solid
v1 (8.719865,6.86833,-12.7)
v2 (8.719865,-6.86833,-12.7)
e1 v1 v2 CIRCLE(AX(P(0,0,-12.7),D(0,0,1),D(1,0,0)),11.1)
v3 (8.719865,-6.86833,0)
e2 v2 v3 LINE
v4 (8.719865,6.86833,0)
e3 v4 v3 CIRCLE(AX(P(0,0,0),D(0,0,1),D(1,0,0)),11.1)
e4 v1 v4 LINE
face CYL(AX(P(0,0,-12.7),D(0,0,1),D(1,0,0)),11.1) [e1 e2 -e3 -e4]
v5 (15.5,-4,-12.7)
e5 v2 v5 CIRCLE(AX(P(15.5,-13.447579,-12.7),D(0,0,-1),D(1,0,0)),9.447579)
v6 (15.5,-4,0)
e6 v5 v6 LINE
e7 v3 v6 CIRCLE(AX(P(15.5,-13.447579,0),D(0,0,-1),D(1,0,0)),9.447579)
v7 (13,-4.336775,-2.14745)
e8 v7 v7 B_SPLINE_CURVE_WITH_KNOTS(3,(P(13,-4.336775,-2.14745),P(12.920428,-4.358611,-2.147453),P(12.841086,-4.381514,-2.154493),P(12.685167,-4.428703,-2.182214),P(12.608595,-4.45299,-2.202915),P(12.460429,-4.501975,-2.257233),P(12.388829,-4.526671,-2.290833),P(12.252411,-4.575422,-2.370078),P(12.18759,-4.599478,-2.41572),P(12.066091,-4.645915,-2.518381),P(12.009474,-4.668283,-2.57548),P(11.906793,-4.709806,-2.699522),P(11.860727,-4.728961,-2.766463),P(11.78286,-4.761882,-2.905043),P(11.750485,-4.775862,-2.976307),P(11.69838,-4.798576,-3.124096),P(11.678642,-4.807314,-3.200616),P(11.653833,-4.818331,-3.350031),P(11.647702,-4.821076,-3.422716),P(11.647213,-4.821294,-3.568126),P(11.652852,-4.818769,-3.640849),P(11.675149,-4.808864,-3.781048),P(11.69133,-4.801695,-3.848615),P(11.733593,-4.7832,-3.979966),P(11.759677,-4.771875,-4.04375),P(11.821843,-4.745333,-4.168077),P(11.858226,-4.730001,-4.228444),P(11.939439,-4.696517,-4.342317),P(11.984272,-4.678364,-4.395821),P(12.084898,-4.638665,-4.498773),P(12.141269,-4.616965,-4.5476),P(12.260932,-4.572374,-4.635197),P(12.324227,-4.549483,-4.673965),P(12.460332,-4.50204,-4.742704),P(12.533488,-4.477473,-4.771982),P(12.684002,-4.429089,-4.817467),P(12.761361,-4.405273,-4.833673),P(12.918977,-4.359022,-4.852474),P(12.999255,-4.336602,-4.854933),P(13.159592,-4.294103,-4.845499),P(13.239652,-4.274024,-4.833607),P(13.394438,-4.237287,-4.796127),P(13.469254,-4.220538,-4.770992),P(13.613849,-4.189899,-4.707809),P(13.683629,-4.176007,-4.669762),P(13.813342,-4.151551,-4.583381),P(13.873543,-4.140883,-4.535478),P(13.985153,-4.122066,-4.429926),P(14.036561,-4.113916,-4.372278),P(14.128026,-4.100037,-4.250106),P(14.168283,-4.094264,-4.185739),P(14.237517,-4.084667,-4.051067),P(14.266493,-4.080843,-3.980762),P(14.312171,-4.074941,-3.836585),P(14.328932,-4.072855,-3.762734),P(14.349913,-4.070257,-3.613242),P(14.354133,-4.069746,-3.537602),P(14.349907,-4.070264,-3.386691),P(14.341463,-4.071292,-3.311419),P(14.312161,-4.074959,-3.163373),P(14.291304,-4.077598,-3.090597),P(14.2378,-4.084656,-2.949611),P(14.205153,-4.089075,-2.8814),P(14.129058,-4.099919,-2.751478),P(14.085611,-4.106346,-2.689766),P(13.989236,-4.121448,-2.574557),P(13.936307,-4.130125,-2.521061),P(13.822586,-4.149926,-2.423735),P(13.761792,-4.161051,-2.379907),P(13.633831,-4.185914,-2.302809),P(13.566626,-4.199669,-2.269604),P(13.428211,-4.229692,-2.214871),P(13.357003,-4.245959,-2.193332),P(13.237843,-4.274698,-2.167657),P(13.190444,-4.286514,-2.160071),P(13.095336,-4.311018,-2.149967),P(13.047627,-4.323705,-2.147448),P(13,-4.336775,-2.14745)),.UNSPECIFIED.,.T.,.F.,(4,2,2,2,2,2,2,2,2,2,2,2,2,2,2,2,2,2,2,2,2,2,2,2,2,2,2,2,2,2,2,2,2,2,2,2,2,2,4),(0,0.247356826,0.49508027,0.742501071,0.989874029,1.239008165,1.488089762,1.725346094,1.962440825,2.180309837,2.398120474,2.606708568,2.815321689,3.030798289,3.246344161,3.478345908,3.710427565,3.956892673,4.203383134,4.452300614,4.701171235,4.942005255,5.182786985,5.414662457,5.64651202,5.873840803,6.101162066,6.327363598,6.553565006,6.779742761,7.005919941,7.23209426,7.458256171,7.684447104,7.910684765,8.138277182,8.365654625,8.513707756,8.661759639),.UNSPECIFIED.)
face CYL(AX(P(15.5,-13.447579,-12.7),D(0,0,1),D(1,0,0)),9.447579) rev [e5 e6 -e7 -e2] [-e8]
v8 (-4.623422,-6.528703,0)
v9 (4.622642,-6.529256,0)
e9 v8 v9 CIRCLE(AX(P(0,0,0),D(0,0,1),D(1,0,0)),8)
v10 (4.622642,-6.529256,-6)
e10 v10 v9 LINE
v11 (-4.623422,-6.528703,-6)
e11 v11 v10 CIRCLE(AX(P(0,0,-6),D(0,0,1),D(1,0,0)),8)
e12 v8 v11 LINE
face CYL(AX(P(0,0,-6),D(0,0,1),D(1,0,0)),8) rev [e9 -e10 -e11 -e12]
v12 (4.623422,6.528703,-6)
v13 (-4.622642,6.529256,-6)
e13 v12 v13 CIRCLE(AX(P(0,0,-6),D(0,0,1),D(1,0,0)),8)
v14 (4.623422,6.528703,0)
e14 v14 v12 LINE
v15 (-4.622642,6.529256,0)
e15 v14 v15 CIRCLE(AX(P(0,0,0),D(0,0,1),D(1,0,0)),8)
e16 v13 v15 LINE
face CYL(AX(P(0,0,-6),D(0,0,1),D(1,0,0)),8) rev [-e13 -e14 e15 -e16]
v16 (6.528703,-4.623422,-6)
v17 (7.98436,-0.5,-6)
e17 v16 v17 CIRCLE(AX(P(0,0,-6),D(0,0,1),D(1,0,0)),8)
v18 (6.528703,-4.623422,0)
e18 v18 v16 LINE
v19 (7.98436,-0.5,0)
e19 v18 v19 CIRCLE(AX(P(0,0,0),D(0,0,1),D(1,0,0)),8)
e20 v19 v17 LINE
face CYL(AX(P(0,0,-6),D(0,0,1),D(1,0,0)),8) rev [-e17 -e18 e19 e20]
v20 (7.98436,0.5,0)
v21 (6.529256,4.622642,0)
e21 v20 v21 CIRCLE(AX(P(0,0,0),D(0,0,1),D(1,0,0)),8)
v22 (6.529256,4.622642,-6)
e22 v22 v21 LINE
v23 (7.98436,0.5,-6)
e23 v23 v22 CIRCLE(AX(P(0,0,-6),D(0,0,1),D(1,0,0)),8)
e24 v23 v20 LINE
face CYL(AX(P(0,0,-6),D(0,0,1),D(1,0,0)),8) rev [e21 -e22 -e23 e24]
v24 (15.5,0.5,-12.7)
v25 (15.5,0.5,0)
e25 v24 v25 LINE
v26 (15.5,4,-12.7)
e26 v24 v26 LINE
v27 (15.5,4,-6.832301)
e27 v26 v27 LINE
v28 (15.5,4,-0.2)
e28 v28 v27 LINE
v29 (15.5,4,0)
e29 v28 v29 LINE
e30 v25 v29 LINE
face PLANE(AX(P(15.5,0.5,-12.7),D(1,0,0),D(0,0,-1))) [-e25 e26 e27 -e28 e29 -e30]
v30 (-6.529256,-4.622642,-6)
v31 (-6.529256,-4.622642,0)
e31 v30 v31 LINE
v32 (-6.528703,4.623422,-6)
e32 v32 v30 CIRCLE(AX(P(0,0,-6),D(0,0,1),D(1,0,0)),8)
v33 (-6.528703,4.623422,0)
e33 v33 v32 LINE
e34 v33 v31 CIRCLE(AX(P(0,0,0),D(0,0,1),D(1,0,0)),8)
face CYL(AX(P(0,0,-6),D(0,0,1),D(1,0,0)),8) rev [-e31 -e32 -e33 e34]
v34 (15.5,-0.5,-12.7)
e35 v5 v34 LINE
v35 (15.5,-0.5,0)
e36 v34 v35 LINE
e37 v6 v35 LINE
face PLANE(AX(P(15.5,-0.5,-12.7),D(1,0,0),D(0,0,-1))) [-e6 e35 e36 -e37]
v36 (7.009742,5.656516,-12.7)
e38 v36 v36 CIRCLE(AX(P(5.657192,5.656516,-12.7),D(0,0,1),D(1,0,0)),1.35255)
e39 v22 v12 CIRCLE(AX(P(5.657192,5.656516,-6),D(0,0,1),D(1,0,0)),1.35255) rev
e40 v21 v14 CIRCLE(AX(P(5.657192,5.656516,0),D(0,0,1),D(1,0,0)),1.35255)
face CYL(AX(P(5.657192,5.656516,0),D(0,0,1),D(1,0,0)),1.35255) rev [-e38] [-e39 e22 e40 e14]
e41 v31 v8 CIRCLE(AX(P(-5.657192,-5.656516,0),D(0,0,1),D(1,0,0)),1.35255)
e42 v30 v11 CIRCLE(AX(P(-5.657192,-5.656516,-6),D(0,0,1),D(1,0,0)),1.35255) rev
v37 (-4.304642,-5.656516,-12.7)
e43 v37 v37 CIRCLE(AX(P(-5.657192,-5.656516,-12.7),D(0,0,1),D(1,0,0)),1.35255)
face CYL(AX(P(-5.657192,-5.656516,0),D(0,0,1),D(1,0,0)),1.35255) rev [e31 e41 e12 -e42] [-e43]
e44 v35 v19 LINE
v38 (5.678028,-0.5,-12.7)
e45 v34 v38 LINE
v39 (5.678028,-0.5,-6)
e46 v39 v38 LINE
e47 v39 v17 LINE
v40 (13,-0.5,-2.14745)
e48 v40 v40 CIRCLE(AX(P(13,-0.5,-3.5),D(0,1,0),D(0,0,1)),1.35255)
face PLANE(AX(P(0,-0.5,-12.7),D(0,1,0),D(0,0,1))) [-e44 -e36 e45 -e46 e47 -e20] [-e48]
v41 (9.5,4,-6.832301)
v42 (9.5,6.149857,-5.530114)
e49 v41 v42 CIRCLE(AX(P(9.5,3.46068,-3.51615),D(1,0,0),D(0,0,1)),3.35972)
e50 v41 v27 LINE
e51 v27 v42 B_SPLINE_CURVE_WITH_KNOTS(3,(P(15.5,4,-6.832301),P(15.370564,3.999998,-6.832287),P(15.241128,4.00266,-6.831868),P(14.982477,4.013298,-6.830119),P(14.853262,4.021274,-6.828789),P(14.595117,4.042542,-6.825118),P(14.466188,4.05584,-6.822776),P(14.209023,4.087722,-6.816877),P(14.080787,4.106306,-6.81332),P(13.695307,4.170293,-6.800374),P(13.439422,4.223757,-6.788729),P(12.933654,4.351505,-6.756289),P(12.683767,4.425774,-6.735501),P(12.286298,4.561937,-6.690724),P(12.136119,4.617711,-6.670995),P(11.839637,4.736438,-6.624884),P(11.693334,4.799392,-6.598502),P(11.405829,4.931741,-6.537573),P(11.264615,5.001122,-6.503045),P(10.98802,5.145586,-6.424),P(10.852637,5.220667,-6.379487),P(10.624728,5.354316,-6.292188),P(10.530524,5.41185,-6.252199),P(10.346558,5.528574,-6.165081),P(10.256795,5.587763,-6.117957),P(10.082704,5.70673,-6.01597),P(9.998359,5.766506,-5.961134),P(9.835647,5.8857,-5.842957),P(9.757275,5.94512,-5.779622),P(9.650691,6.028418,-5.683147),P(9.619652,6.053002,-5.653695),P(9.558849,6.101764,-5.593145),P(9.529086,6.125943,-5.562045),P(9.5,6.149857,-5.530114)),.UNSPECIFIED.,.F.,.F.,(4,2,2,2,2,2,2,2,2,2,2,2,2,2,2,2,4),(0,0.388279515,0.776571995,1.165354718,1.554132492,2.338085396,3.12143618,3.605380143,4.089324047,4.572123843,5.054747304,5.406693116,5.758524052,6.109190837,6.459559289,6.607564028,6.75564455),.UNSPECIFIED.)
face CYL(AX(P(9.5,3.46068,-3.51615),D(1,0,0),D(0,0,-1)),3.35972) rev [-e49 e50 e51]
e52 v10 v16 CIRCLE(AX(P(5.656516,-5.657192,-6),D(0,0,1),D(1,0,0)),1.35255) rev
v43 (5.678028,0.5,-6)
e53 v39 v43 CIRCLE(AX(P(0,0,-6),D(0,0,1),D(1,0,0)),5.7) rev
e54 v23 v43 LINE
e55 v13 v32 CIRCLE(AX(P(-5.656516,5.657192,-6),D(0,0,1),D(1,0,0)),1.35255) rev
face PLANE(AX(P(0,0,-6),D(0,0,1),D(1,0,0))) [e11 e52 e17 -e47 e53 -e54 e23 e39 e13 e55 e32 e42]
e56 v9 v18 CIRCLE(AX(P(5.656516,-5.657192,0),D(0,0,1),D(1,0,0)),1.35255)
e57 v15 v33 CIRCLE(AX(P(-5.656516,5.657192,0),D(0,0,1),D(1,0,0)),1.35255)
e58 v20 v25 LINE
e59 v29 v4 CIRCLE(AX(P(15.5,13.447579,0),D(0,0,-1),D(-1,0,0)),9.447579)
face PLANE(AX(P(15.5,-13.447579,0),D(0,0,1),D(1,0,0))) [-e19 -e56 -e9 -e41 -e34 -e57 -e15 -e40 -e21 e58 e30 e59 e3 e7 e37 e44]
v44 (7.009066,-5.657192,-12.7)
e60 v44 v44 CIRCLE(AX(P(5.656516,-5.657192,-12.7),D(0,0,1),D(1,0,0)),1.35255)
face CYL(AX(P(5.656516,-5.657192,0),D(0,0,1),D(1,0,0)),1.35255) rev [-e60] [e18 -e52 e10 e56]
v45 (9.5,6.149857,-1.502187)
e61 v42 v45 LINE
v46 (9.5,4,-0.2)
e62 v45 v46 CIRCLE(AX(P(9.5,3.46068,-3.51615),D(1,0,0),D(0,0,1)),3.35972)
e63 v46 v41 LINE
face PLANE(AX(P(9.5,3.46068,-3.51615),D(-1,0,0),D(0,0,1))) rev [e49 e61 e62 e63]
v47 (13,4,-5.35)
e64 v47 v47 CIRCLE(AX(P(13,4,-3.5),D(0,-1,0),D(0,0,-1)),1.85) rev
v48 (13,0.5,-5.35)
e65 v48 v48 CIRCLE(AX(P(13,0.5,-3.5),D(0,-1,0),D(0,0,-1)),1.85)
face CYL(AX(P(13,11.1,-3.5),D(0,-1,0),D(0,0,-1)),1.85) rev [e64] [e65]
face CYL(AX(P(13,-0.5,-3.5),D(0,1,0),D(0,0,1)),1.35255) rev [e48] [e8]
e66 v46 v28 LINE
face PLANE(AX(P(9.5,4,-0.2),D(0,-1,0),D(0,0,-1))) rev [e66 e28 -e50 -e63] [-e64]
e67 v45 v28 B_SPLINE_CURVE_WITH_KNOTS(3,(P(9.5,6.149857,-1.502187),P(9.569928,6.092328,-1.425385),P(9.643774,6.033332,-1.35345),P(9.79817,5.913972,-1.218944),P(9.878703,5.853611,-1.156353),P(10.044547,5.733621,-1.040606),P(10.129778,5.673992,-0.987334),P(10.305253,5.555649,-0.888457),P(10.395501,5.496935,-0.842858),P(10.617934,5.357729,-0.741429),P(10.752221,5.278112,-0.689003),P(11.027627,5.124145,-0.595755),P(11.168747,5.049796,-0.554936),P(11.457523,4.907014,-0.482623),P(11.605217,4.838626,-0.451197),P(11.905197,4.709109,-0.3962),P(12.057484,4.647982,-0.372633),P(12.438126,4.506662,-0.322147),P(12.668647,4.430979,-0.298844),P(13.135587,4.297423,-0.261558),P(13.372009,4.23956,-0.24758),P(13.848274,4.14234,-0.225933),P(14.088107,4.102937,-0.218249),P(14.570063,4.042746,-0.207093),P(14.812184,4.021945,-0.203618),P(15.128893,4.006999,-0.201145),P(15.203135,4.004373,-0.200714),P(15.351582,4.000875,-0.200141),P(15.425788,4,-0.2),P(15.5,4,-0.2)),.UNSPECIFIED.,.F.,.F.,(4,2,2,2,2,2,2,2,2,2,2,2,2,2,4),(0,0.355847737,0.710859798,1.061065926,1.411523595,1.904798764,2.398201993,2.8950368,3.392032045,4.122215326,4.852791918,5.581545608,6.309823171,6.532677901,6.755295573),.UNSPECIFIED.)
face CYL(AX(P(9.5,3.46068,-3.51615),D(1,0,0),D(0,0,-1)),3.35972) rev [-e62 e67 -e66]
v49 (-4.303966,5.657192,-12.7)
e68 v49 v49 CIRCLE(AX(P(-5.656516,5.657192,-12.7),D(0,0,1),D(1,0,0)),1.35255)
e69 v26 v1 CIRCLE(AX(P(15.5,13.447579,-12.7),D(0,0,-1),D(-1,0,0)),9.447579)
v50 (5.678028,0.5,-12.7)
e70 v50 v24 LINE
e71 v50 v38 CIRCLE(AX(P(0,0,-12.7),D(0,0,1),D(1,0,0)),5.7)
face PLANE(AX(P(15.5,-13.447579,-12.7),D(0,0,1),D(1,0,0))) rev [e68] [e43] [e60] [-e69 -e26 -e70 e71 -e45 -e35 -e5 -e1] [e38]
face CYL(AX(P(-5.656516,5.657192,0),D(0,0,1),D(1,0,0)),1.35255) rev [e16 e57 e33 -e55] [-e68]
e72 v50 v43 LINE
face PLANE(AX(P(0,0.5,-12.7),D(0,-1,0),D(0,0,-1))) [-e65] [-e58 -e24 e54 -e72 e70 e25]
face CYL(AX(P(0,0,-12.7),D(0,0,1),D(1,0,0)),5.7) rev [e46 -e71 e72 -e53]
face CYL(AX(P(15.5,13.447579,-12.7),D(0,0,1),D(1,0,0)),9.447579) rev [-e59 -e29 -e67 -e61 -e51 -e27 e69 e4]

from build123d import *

# Parameters (mm, degrees)
EXTRUDE1_DEPTH            = 12.7
F_6_32_TAPPED_HOLE3_D     = 2.7051
SKETCH14_R                = 1.85
CUT_EXTRUDE6_DEPTH        = 24.153833376
F_6_32_TAPPED_HOLE5_D     = 2.7051
F_6_32_TAPPED_HOLE5_DEPTH = 50.8
F_6_32_TAPPED_HOLE5_TIP   = 0.81269403
CUT_EXTRUDE26_DEPTH       = 6
SKETCH25_R                = 5.7
CUT_EXTRUDE27_DEPTH       = 23.907422501
SKETCH26_R                = 8
CUT_EXTRUDE28_DEPTH       = 6


with BuildPart() as part:
    # Sketch1 → Extrude1 (new body)
    with BuildSketch(Plane.XY):
        with BuildLine():
            Line((0, 0), (0, 0.5))
            Line((0, 0.5), (15.5, 0.5))
            Line((15.5, 0.5), (15.5, 4))
            ThreePointArc((15.5, 4), (11.819050527, 4.746581358), (8.719864541, 6.868330393))
            ThreePointArc((8.719864541, 6.868330393), (-11.1, 0), (8.719864541, -6.868330393))
            ThreePointArc((8.719864541, -6.868330393), (11.819050527, -4.746581358), (15.5, -4))
            Line((15.5, -4), (15.5, -0.5))
            Line((15.5, -0.5), (0, -0.5))
            Line((0, -0.5), (0, 0))
        make_face()
    extrude(amount=-EXTRUDE1_DEPTH)

    # #6-32 Tapped Hole3 (through all)
    with Locations(Plane(origin=(-5.656516225, 5.657192254, 0), x_dir=(1, 0, 0), z_dir=(0, 0, 1))):
        with Locations((0, 0), (11.313708479, -0.000676029), (11.31303245, -11.314384508), (-0.000676029, -11.313708479)):
            Hole(F_6_32_TAPPED_HOLE3_D / 2)

    # Sketch14 → Cut-Extrude6 (cut, through all)
    with BuildSketch(Plane.XZ.offset(-0.5)):
        with Locations(Location((13, -3.5, 0), (0, 0, 270))):
            Circle(SKETCH14_R)
    extrude(amount=-CUT_EXTRUDE6_DEPTH, mode=Mode.SUBTRACT)

    # #6-32 Tapped Hole5
    with Locations(Plane(origin=(0, -0.5, 0), x_dir=(-1, 0, 0), z_dir=(0, 1, 0))):
        with Locations((-13, -3.5)):
            Hole(F_6_32_TAPPED_HOLE5_D / 2, depth=F_6_32_TAPPED_HOLE5_DEPTH)
            with Locations((0, 0, -(F_6_32_TAPPED_HOLE5_DEPTH + F_6_32_TAPPED_HOLE5_TIP / 2))):  # 118° drill point
                Cone(0, F_6_32_TAPPED_HOLE5_D / 2, F_6_32_TAPPED_HOLE5_TIP, mode=Mode.SUBTRACT)

    # Sketch24 → Cut-Extrude26 (cut)
    with BuildSketch(Plane(origin=(15.5, 0, 0), x_dir=(0, 0, -1), z_dir=(1, 0, 0))):
        with BuildLine():
            Line((0.2, 4), (6.832300833, 4))
            ThreePointArc((6.832300833, 4), (3.516150417, 6.820400286), (0.2, 4))
        make_face()
    extrude(amount=-CUT_EXTRUDE26_DEPTH, mode=Mode.SUBTRACT)

    # Sketch25 → Cut-Extrude27 (cut, through all)
    with BuildSketch(Plane.XY):
        Circle(SKETCH25_R)
    extrude(amount=-CUT_EXTRUDE27_DEPTH, mode=Mode.SUBTRACT)

    # Sketch26 → Cut-Extrude28 (cut)
    with BuildSketch(Plane.XY):
        Circle(SKETCH26_R)
    extrude(amount=-CUT_EXTRUDE28_DEPTH, mode=Mode.SUBTRACT)


solid = part.part
